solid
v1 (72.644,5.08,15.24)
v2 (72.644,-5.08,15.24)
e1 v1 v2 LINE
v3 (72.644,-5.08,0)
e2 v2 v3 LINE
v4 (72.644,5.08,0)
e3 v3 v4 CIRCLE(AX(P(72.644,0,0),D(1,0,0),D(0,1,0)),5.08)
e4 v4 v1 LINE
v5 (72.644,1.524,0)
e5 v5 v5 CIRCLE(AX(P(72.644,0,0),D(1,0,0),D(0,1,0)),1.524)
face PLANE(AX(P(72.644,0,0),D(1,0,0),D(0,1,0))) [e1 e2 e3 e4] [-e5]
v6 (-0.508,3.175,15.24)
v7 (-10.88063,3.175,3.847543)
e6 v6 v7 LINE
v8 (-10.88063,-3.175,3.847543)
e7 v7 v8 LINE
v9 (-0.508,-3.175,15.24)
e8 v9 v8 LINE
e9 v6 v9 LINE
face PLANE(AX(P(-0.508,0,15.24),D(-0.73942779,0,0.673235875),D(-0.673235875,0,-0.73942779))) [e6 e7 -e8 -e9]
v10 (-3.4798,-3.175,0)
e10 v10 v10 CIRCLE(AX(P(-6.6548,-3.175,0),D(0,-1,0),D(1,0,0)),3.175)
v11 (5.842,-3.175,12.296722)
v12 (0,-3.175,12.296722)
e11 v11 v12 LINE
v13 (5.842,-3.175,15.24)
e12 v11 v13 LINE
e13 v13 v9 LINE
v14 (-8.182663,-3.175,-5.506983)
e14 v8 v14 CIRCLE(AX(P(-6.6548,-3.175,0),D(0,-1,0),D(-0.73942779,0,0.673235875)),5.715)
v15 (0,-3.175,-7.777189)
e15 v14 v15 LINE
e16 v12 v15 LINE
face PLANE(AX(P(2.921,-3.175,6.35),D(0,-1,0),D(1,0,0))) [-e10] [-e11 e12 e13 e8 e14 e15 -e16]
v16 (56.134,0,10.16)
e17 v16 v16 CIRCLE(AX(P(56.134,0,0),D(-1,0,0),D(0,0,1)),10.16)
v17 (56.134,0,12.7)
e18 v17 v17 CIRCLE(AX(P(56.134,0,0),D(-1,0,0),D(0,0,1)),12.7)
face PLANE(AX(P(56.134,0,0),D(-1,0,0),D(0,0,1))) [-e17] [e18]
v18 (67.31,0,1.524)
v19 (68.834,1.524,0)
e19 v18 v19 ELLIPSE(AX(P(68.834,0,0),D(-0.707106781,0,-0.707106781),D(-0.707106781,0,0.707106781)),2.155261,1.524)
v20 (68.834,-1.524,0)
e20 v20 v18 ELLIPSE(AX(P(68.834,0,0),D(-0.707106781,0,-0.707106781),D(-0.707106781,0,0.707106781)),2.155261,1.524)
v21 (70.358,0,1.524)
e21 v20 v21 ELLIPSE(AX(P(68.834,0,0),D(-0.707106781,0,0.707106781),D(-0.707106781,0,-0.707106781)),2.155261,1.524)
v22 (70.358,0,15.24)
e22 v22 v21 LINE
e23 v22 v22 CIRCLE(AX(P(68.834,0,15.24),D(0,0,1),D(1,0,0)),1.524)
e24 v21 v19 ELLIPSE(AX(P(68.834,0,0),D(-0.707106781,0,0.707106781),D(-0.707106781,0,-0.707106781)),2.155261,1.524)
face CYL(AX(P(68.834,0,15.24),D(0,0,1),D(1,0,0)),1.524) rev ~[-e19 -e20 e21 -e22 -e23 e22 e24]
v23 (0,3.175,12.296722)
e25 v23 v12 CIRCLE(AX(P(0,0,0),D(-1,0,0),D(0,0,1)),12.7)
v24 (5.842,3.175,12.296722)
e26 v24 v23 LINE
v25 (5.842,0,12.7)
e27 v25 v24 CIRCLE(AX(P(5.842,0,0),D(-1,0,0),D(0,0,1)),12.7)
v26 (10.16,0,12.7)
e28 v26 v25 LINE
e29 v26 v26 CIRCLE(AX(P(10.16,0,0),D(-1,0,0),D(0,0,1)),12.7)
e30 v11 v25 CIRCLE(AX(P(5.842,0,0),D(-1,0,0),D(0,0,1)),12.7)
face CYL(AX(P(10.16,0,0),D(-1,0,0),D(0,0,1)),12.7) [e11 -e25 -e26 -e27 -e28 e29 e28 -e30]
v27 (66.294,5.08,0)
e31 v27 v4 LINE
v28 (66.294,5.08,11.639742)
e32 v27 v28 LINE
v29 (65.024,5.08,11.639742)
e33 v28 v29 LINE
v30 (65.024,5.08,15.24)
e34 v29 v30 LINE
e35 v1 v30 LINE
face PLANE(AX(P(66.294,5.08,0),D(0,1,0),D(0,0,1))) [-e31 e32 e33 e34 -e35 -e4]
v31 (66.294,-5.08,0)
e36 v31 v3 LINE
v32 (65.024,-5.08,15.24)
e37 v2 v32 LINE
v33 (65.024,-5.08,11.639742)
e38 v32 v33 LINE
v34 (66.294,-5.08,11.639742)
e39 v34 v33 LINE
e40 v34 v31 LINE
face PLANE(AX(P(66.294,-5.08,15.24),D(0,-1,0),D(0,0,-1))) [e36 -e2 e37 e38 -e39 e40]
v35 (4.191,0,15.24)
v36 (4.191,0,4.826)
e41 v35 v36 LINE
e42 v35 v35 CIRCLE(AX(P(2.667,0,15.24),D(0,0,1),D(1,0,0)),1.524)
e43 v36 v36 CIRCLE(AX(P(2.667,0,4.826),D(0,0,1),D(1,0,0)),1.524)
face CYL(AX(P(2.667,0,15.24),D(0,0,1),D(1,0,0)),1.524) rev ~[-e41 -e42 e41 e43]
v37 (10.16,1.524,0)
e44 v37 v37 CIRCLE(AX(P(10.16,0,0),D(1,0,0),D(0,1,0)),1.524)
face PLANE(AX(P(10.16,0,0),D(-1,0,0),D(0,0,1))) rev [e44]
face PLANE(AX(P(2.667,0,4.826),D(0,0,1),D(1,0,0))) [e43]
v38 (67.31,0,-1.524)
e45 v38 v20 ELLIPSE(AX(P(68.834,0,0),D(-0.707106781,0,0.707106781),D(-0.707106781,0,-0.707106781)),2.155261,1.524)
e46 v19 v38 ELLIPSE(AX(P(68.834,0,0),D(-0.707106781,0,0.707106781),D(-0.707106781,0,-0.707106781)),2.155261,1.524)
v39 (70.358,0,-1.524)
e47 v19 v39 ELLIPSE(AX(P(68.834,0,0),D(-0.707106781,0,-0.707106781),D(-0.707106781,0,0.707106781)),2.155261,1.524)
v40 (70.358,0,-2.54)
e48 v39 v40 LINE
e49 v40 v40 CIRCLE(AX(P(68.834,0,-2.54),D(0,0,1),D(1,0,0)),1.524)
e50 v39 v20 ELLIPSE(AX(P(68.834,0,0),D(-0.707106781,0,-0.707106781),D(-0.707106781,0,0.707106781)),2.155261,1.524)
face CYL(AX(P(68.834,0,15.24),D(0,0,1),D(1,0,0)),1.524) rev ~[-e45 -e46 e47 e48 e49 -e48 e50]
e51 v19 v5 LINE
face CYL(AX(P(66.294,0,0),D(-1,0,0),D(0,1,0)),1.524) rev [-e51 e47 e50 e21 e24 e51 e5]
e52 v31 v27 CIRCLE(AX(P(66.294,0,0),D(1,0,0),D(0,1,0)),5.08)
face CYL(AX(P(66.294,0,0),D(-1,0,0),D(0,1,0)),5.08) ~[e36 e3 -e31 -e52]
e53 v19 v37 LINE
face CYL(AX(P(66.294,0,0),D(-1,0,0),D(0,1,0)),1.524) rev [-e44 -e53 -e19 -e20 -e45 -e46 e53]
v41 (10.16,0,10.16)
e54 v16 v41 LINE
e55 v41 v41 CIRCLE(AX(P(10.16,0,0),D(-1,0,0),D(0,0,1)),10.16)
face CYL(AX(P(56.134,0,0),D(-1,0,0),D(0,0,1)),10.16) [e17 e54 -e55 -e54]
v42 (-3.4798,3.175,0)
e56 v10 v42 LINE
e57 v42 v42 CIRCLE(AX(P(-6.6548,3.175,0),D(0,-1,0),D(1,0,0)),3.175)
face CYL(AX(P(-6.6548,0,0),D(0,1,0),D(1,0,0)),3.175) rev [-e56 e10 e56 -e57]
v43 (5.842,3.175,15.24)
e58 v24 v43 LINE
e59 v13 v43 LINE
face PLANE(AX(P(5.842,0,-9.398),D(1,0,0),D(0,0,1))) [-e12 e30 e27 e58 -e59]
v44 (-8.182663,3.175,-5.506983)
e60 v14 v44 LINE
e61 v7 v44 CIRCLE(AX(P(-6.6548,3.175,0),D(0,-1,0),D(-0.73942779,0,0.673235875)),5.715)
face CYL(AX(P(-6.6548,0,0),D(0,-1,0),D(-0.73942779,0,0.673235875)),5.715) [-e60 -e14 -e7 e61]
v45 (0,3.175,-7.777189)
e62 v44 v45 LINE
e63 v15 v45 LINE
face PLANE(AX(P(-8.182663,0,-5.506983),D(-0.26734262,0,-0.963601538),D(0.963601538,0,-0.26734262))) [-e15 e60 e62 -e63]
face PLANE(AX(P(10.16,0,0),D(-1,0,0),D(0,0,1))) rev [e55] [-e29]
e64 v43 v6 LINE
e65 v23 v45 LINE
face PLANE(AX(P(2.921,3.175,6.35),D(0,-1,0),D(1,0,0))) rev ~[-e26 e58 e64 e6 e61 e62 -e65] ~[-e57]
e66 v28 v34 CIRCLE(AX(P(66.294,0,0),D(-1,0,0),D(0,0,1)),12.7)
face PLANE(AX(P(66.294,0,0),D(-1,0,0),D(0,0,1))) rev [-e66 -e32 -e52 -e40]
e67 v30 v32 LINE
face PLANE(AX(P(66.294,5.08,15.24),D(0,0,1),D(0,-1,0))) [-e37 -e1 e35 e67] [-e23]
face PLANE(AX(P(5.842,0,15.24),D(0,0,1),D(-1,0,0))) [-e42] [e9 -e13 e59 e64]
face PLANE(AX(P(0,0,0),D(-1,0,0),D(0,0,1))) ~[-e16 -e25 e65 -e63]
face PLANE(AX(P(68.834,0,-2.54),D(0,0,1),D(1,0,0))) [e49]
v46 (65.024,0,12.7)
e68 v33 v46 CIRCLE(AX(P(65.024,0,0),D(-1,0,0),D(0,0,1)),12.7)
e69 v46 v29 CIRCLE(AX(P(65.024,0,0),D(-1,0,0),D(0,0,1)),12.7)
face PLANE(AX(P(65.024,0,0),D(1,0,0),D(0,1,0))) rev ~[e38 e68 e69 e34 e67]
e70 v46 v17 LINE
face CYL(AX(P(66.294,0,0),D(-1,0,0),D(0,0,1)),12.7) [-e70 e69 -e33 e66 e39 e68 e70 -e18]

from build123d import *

# Parameters (mm, degrees)
F0_W          = 5.842
F0_H          = 12.7
F0_R          = 3.175
F2_DEPTH      = 3.175
F3_R          = 1.524
F4_DEPTH      = 6.35
F4_DEPTH_BACK = 1.27
F5_R          = 1.524
F7_DEPTH      = 17.78
F6_R          = 1.524
F8_DEPTH      = 10.414
F9_DEPTH      = 56.134


with BuildPart() as f1:
    # F0 (on Front) → F1 (revolve)
    with BuildSketch(Plane.XZ):
        Polygon((5.842, 12.7), (5.842, 0), (66.294, 0), (66.294, 12.7), (56.134, 12.7), (56.134, 10.16), (10.16, 10.16), (10.16, 12.7), align=None)
        with Locations((2.921, 6.35)):
            Rectangle(F0_W, F0_H)
    revolve(axis=Axis((33.147, 0, 0), (-1, 0, 0)))

    # F0 (on Front) → F2 (join, symmetric)
    with BuildSketch(Plane.XZ):
        with Locations((2.921, 6.35)):
            Rectangle(F0_W, F0_H)
        with BuildLine():
            Line((-0.9398, 0), (0, 0))
            Line((0, 0), (0, 12.7))
            Line((0, 12.7), (5.842, 12.7))
            Line((5.842, 12.7), (5.842, 15.24))
            Line((5.842, 15.24), (-0.508, 15.24))
            Line((-0.508, 15.24), (-10.8806298187, 3.8475430269))
            ThreePointArc((-10.8806298187, 3.8475430269), (-4.5919612295, 5.3297205562), (-0.9398, 0))
        make_face()
        with BuildLine():
            Line((5.842, 0), (0, 0))
            Line((0, 0), (-0.9398, 0))
            ThreePointArc((-0.9398, 0), (-3.1957909266, -4.5493385486), (-8.1826630726, -5.5069827884))
            Line((-8.1826630726, -5.5069827884), (5.842, -9.398))
            Line((5.842, -9.398), (5.842, 0))
        make_face()
        with BuildLine():
            ThreePointArc((-8.1826630726, -5.5069827884), (-3.1957909266, -4.5493385486), (-0.9398, 0))
            ThreePointArc((-0.9398, 0), (-4.5919612295, 5.3297205562), (-10.8806298187, 3.8475430269))
            ThreePointArc((-10.8806298187, 3.8475430269), (-12.1459778134, -1.5837270034), (-8.1826630726, -5.5069827884))
        make_face()
        with Locations((-6.6548, 0)):
            Circle(F0_R, mode=Mode.SUBTRACT)
    extrude(amount=F2_DEPTH, both=True)

    # F3 (on face) → F4 (join, two sides)
    with BuildSketch(Plane.YZ.offset(66.294)) as f4_sk:
        with BuildLine():
            ThreePointArc((-5.08, 0), (0, -5.08), (5.08, 0))
            ThreePointArc((5.08, 0), (0, 5.08), (-5.08, 0))
        make_face()
        Circle(F3_R, mode=Mode.SUBTRACT)
        with BuildLine():
            ThreePointArc((-5.08, 0), (0, 5.08), (5.08, 0))
            Line((5.08, 0), (5.08, 15.24))
            Line((5.08, 15.24), (-5.08, 15.24))
            Line((-5.08, 15.24), (-5.08, 0))
        make_face()
    extrude(amount=F4_DEPTH)
    extrude(f4_sk.sketch, amount=-F4_DEPTH_BACK)

    # F5 (on face) → F7 (cut)
    with BuildSketch(Plane.XY.offset(15.24)):
        with Locations((68.834, 0)):
            Circle(F5_R)
    extrude(amount=-F7_DEPTH, mode=Mode.SUBTRACT)

    # F6 (on face) → F8 (cut)
    with BuildSketch(Plane.XY.offset(15.24)):
        with Locations((2.667, 0)):
            Circle(F6_R)
    extrude(amount=-F8_DEPTH, mode=Mode.SUBTRACT)

    # F9 (cut, through all): a face of the model
    f9_faces = [f1.faces().sort_by_distance(p)[0] for p in [
        (66.294, 0, 0),
    ]]
    extrude(f9_faces, amount=-F9_DEPTH, mode=Mode.SUBTRACT)


solid = f1.part
